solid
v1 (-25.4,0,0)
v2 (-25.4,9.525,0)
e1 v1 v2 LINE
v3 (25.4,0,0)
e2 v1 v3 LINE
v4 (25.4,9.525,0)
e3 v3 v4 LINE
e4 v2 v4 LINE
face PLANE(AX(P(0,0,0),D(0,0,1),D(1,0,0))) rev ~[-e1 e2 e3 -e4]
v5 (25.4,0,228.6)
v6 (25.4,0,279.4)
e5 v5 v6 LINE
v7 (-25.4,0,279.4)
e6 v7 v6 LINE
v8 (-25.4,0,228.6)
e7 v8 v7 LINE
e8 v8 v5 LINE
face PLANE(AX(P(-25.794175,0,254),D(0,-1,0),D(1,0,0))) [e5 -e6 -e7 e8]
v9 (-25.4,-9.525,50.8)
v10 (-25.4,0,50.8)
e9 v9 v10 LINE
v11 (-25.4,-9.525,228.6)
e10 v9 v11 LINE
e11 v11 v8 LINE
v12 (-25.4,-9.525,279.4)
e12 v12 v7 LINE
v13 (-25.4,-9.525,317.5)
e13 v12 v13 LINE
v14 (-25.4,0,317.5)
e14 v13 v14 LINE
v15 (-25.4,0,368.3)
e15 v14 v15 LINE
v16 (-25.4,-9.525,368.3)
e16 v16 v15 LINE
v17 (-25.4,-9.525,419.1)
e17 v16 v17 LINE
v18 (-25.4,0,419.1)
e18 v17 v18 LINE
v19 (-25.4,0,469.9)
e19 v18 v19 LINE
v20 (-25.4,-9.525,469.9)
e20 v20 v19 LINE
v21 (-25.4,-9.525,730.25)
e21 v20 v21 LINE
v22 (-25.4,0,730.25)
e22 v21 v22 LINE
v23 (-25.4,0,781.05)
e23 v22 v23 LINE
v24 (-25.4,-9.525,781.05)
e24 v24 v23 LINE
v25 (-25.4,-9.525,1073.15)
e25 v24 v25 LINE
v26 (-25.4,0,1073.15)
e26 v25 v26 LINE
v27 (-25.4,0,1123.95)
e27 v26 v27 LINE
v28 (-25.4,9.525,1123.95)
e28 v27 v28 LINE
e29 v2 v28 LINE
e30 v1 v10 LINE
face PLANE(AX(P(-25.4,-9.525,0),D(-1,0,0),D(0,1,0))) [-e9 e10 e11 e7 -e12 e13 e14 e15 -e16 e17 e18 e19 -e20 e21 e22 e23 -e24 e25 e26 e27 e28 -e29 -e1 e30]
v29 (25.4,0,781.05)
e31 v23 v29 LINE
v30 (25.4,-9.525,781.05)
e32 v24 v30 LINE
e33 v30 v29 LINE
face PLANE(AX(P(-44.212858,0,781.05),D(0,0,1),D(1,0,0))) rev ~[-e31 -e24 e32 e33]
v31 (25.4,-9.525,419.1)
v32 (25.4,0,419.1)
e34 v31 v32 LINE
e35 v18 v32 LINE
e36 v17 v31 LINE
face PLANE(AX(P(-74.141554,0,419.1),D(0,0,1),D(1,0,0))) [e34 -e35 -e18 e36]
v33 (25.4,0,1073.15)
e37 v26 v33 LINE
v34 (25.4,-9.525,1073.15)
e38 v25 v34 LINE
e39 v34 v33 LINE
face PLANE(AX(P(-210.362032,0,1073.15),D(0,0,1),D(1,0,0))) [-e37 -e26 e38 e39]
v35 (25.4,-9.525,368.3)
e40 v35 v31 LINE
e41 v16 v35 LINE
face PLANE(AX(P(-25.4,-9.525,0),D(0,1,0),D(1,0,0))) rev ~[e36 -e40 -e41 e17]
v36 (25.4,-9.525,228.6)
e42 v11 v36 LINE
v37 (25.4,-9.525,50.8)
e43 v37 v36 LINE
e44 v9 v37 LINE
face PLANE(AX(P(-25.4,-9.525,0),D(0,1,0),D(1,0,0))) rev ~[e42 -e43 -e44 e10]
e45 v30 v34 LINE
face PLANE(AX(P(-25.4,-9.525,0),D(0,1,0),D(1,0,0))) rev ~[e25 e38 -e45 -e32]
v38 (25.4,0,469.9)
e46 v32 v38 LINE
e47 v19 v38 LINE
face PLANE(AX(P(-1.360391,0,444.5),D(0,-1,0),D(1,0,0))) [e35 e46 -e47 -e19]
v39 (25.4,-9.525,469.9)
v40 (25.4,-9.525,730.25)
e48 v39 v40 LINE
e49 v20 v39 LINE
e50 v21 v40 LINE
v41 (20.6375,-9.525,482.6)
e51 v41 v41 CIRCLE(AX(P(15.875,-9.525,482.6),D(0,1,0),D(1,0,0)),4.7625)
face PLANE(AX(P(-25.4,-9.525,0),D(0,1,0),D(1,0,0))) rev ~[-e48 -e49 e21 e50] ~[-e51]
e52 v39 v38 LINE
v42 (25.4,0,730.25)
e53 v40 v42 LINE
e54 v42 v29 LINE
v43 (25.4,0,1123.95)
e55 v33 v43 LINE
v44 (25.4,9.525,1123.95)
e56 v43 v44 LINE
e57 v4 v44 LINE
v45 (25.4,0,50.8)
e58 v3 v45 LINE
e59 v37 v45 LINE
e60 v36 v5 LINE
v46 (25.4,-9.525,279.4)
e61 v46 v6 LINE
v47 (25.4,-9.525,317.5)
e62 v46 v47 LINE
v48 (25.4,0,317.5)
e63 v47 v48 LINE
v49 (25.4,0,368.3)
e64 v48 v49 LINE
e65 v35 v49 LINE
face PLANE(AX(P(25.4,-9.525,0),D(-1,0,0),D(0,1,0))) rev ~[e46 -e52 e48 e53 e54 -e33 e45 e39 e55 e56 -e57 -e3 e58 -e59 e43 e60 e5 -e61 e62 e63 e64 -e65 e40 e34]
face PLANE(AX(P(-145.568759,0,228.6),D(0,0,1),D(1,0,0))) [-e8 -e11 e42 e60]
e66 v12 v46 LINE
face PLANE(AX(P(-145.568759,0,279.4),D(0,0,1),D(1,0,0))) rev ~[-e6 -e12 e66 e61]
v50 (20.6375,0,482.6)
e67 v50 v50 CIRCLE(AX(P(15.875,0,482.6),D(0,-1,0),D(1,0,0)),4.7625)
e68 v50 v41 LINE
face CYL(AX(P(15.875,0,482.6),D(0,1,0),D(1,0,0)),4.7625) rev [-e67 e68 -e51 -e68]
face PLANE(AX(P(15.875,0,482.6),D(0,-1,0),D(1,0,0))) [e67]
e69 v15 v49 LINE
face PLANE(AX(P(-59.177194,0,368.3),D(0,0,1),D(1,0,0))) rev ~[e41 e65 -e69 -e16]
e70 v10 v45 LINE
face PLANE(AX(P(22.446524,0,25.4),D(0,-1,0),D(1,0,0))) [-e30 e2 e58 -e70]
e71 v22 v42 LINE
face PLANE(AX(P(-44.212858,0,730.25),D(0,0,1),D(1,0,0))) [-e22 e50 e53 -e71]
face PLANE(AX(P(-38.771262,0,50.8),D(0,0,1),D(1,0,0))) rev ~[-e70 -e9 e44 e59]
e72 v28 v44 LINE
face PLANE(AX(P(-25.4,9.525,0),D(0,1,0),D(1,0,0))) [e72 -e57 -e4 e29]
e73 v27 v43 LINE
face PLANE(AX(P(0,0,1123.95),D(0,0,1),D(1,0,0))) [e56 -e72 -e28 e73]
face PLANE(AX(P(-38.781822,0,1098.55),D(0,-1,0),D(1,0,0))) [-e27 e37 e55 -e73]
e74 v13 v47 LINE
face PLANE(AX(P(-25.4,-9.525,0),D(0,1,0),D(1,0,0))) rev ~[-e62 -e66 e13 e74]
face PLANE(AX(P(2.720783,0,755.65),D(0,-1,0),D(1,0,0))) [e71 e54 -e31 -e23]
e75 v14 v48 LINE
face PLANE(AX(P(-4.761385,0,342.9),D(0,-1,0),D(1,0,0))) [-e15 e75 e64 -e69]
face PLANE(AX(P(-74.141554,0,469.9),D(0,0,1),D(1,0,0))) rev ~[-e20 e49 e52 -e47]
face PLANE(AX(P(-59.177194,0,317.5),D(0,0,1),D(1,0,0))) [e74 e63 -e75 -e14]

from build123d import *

# Parameters (mm, degrees)
F0_W     = 50.8
F0_H     = 19.05
F1_DEPTH = 1123.95
F2_W     = 122.435573
F2_H     = 50.8
F2_W_2   = 108.831619
F2_W_3   = 93.867282
F2_W_4   = 145.562325
F2_W_5   = 343.160421
F2_W_6   = 239.549167
F3_DEPTH = 25.4
F4_R     = 4.7625
F5_DEPTH = 25.4


with BuildPart() as f1:
    # F0 (on Top) → F1 (new body)
    with BuildSketch(Plane.XY):
        Rectangle(F0_W, F0_H)
    extrude(amount=F1_DEPTH)

    # F2 (on Front) → F3 (cut)
    with BuildSketch(Plane.XZ):
        with Locations((22.446524, 25.4)):
            Rectangle(F2_W, F2_H)
        with Locations((-4.761385, 342.9)):
            Rectangle(F2_W_2, F2_H)
        with Locations((2.720783, 755.65)):
            Rectangle(F2_W_3, F2_H)
        with Locations((-1.360391, 444.5)):
            Rectangle(F2_W_4, F2_H)
        with Locations((-38.781822, 1098.55)):
            Rectangle(F2_W_5, F2_H)
        with Locations((-25.794175, 254)):
            Rectangle(F2_W_6, F2_H)
    extrude(amount=F3_DEPTH, mode=Mode.SUBTRACT)

    # F4 (on Front) → F5 (cut)
    with BuildSketch(Plane.XZ):
        with Locations((15.875, 254)):
            Circle(F4_R)
        with Locations((15.875, 482.6)):
            Circle(F4_R)
    extrude(amount=F5_DEPTH, mode=Mode.SUBTRACT)


solid = f1.part
